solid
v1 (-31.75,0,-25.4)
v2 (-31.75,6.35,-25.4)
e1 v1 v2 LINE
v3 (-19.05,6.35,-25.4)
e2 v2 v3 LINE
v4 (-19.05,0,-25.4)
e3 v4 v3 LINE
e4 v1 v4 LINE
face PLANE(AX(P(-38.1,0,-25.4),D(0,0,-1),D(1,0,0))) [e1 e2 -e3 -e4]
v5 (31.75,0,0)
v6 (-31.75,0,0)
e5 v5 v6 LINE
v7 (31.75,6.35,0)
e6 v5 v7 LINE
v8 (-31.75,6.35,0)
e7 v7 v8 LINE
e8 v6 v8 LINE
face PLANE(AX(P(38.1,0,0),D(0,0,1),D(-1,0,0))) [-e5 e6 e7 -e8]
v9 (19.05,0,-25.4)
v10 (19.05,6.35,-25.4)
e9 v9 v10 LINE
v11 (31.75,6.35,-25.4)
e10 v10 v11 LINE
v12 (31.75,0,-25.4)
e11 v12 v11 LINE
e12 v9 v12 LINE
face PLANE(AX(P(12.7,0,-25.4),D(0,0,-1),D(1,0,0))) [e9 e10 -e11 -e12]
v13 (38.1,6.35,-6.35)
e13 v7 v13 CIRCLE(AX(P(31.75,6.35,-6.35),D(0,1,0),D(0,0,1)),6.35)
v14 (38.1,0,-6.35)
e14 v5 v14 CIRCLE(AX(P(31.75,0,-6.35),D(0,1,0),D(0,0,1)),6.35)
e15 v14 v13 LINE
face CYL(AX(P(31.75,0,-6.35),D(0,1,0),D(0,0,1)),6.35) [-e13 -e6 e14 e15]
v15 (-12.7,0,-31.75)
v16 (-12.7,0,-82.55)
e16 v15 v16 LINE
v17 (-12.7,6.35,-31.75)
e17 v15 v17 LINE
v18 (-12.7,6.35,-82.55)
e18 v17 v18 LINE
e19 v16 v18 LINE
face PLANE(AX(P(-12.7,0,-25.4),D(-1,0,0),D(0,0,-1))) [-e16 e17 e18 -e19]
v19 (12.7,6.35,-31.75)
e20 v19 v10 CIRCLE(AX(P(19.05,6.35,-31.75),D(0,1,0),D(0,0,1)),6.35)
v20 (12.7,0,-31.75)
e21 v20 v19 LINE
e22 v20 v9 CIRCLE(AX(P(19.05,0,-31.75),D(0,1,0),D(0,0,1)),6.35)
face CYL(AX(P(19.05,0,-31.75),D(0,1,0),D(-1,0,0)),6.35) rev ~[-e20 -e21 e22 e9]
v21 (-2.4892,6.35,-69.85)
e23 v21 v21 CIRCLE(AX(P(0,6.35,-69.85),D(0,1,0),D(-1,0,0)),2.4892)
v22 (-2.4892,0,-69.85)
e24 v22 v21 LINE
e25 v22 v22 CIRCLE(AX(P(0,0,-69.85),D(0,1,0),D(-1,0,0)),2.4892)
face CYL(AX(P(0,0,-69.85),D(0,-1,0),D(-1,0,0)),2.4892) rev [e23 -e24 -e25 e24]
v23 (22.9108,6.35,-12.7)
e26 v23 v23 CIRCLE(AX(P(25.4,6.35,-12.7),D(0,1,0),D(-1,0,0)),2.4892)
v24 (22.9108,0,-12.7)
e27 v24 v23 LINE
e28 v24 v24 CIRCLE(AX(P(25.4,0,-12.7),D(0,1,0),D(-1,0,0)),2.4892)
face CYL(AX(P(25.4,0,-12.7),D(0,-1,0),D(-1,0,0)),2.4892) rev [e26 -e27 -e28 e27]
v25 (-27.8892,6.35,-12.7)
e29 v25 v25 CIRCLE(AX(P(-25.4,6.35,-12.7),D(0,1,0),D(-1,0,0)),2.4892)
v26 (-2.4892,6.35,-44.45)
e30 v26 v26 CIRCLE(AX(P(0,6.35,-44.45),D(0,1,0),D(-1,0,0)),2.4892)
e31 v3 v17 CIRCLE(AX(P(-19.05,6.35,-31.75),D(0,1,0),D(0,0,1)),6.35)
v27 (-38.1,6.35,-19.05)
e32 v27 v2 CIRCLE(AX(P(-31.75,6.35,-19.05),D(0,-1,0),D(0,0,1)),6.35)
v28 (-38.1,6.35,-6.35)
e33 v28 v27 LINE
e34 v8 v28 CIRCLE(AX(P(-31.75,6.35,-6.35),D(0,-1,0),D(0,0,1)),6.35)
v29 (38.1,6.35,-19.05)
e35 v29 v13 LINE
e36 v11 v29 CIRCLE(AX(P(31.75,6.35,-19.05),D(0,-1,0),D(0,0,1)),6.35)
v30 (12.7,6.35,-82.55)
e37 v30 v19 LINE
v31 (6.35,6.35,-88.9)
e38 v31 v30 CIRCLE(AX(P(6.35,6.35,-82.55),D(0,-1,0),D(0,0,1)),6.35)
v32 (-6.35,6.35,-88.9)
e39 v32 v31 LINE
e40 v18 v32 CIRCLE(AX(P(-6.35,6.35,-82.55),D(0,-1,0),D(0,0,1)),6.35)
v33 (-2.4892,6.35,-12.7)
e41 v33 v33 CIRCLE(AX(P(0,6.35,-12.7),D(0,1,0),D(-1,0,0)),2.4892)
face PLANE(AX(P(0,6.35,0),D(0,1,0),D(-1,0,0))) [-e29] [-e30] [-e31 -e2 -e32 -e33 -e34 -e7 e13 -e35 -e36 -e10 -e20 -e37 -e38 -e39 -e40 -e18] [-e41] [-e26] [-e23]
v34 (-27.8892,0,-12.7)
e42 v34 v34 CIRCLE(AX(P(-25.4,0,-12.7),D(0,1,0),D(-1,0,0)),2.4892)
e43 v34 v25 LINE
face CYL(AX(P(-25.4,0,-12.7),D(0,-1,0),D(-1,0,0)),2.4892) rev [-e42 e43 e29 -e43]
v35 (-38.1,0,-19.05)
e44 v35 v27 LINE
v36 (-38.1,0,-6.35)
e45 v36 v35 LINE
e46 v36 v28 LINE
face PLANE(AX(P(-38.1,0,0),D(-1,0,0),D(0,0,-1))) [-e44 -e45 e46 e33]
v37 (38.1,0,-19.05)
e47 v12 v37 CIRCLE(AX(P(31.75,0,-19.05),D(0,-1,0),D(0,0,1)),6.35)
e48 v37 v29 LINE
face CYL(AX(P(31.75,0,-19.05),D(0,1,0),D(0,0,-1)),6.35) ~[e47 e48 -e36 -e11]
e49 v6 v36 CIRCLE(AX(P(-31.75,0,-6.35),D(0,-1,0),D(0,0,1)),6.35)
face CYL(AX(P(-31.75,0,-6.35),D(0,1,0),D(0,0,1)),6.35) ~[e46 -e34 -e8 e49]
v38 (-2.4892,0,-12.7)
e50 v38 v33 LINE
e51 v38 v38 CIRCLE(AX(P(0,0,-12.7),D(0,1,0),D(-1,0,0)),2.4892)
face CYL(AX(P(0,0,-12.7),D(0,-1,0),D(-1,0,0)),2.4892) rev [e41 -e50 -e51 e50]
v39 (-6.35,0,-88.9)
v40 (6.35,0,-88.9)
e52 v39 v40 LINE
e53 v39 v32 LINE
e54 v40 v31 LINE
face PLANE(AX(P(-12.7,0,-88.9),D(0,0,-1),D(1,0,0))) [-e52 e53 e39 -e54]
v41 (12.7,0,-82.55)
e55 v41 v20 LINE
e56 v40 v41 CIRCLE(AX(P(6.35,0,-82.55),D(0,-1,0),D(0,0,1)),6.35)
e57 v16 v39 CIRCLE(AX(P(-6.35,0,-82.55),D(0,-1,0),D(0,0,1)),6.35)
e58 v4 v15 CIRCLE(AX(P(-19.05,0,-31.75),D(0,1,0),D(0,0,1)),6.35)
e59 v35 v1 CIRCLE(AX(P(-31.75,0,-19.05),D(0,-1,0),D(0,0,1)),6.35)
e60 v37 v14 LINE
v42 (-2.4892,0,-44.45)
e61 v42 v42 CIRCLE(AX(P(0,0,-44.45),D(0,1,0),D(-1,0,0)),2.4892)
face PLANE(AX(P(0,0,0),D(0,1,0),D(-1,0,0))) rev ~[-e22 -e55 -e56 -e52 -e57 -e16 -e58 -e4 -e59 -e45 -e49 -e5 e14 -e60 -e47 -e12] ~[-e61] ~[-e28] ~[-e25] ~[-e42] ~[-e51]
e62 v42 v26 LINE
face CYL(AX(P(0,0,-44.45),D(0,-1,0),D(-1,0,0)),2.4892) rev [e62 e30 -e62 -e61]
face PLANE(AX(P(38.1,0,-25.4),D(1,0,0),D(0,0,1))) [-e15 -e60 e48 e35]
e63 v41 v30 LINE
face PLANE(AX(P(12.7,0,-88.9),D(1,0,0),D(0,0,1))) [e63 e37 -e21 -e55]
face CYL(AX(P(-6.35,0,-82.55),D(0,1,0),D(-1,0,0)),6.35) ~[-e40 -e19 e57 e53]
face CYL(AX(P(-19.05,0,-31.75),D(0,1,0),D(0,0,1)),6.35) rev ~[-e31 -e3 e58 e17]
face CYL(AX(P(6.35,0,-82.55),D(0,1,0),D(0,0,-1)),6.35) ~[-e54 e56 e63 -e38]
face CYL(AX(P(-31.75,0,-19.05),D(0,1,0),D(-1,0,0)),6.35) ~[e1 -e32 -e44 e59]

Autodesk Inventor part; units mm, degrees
ref_plane "YZ Plane" through (0, 0, 0) normal (1, 0, 0) x (0, 1, 0)
ref_plane "XZ Plane" through (0, 0, 0) normal (0, 1, 0) x (-1, 0, 0)
ref_plane "XY Plane" through (0, 0, 0) normal (0, 0, 1) x (1, 0, 0)
sketch "Sketch1" plane through (0, 0, 0) normal (0, 1, 0) x (-1, 0, 0)
  line L0 (-38.1, 0) -> (38.1, 0)
  line L1 (38.1, 0) -> (38.1, -25.4)
  line L2 (38.1, -25.4) -> (12.7, -25.4)
  line L3 (12.7, -25.4) -> (12.7, -88.9)
  line L4 (12.7, -88.9) -> (-12.7, -88.9)
  line L5 (-12.7, -88.9) -> (-12.7, -25.4)
  line L6 (-12.7, -25.4) -> (-38.1, -25.4)
  line L7 (-38.1, -25.4) -> (-38.1, 0)
  circle A0 centre (0, -12.7) radius 2.4892
  circle A1 centre (25.4, -12.7) radius 2.4892
  line L8 (0, 0) -> (0, -88.9) construction
  circle A2 centre (-25.4, -12.7) radius 2.4892
  circle A3 centre (0, -44.45) radius 2.4892
  circle A4 centre (0, -69.85) radius 2.4892
  point P0 (38.1, -12.7)
  point P1 (0, -44.45)
  dimension "d0" = 76.2
  dimension "d1" = 25.4
  dimension "d2" = 25.4
  dimension "d3" = 63.5
  dimension "d4" = 4.9784
  dimension "d5" = 25.4
  dimension "d6" = 31.75
  dimension "d7" = 25.4
extrude "Extrusion1" add sketch "Sketch1" along normal blind 6.35
fillet "Fillet1" radius 6.35 8 edges at (-38.1, 3.175, 0) (-38.1, 3.175, -25.4) (-12.7, 3.175, -25.4) (-12.7, 3.175, -88.9) (12.7, 3.175, -88.9) (12.7, 3.175, -25.4) (38.1, 3.175, -25.4) (38.1, 3.175, 0)
properties part number "STRU_020_DVBSBracket1" material "Aluminum 6061"
